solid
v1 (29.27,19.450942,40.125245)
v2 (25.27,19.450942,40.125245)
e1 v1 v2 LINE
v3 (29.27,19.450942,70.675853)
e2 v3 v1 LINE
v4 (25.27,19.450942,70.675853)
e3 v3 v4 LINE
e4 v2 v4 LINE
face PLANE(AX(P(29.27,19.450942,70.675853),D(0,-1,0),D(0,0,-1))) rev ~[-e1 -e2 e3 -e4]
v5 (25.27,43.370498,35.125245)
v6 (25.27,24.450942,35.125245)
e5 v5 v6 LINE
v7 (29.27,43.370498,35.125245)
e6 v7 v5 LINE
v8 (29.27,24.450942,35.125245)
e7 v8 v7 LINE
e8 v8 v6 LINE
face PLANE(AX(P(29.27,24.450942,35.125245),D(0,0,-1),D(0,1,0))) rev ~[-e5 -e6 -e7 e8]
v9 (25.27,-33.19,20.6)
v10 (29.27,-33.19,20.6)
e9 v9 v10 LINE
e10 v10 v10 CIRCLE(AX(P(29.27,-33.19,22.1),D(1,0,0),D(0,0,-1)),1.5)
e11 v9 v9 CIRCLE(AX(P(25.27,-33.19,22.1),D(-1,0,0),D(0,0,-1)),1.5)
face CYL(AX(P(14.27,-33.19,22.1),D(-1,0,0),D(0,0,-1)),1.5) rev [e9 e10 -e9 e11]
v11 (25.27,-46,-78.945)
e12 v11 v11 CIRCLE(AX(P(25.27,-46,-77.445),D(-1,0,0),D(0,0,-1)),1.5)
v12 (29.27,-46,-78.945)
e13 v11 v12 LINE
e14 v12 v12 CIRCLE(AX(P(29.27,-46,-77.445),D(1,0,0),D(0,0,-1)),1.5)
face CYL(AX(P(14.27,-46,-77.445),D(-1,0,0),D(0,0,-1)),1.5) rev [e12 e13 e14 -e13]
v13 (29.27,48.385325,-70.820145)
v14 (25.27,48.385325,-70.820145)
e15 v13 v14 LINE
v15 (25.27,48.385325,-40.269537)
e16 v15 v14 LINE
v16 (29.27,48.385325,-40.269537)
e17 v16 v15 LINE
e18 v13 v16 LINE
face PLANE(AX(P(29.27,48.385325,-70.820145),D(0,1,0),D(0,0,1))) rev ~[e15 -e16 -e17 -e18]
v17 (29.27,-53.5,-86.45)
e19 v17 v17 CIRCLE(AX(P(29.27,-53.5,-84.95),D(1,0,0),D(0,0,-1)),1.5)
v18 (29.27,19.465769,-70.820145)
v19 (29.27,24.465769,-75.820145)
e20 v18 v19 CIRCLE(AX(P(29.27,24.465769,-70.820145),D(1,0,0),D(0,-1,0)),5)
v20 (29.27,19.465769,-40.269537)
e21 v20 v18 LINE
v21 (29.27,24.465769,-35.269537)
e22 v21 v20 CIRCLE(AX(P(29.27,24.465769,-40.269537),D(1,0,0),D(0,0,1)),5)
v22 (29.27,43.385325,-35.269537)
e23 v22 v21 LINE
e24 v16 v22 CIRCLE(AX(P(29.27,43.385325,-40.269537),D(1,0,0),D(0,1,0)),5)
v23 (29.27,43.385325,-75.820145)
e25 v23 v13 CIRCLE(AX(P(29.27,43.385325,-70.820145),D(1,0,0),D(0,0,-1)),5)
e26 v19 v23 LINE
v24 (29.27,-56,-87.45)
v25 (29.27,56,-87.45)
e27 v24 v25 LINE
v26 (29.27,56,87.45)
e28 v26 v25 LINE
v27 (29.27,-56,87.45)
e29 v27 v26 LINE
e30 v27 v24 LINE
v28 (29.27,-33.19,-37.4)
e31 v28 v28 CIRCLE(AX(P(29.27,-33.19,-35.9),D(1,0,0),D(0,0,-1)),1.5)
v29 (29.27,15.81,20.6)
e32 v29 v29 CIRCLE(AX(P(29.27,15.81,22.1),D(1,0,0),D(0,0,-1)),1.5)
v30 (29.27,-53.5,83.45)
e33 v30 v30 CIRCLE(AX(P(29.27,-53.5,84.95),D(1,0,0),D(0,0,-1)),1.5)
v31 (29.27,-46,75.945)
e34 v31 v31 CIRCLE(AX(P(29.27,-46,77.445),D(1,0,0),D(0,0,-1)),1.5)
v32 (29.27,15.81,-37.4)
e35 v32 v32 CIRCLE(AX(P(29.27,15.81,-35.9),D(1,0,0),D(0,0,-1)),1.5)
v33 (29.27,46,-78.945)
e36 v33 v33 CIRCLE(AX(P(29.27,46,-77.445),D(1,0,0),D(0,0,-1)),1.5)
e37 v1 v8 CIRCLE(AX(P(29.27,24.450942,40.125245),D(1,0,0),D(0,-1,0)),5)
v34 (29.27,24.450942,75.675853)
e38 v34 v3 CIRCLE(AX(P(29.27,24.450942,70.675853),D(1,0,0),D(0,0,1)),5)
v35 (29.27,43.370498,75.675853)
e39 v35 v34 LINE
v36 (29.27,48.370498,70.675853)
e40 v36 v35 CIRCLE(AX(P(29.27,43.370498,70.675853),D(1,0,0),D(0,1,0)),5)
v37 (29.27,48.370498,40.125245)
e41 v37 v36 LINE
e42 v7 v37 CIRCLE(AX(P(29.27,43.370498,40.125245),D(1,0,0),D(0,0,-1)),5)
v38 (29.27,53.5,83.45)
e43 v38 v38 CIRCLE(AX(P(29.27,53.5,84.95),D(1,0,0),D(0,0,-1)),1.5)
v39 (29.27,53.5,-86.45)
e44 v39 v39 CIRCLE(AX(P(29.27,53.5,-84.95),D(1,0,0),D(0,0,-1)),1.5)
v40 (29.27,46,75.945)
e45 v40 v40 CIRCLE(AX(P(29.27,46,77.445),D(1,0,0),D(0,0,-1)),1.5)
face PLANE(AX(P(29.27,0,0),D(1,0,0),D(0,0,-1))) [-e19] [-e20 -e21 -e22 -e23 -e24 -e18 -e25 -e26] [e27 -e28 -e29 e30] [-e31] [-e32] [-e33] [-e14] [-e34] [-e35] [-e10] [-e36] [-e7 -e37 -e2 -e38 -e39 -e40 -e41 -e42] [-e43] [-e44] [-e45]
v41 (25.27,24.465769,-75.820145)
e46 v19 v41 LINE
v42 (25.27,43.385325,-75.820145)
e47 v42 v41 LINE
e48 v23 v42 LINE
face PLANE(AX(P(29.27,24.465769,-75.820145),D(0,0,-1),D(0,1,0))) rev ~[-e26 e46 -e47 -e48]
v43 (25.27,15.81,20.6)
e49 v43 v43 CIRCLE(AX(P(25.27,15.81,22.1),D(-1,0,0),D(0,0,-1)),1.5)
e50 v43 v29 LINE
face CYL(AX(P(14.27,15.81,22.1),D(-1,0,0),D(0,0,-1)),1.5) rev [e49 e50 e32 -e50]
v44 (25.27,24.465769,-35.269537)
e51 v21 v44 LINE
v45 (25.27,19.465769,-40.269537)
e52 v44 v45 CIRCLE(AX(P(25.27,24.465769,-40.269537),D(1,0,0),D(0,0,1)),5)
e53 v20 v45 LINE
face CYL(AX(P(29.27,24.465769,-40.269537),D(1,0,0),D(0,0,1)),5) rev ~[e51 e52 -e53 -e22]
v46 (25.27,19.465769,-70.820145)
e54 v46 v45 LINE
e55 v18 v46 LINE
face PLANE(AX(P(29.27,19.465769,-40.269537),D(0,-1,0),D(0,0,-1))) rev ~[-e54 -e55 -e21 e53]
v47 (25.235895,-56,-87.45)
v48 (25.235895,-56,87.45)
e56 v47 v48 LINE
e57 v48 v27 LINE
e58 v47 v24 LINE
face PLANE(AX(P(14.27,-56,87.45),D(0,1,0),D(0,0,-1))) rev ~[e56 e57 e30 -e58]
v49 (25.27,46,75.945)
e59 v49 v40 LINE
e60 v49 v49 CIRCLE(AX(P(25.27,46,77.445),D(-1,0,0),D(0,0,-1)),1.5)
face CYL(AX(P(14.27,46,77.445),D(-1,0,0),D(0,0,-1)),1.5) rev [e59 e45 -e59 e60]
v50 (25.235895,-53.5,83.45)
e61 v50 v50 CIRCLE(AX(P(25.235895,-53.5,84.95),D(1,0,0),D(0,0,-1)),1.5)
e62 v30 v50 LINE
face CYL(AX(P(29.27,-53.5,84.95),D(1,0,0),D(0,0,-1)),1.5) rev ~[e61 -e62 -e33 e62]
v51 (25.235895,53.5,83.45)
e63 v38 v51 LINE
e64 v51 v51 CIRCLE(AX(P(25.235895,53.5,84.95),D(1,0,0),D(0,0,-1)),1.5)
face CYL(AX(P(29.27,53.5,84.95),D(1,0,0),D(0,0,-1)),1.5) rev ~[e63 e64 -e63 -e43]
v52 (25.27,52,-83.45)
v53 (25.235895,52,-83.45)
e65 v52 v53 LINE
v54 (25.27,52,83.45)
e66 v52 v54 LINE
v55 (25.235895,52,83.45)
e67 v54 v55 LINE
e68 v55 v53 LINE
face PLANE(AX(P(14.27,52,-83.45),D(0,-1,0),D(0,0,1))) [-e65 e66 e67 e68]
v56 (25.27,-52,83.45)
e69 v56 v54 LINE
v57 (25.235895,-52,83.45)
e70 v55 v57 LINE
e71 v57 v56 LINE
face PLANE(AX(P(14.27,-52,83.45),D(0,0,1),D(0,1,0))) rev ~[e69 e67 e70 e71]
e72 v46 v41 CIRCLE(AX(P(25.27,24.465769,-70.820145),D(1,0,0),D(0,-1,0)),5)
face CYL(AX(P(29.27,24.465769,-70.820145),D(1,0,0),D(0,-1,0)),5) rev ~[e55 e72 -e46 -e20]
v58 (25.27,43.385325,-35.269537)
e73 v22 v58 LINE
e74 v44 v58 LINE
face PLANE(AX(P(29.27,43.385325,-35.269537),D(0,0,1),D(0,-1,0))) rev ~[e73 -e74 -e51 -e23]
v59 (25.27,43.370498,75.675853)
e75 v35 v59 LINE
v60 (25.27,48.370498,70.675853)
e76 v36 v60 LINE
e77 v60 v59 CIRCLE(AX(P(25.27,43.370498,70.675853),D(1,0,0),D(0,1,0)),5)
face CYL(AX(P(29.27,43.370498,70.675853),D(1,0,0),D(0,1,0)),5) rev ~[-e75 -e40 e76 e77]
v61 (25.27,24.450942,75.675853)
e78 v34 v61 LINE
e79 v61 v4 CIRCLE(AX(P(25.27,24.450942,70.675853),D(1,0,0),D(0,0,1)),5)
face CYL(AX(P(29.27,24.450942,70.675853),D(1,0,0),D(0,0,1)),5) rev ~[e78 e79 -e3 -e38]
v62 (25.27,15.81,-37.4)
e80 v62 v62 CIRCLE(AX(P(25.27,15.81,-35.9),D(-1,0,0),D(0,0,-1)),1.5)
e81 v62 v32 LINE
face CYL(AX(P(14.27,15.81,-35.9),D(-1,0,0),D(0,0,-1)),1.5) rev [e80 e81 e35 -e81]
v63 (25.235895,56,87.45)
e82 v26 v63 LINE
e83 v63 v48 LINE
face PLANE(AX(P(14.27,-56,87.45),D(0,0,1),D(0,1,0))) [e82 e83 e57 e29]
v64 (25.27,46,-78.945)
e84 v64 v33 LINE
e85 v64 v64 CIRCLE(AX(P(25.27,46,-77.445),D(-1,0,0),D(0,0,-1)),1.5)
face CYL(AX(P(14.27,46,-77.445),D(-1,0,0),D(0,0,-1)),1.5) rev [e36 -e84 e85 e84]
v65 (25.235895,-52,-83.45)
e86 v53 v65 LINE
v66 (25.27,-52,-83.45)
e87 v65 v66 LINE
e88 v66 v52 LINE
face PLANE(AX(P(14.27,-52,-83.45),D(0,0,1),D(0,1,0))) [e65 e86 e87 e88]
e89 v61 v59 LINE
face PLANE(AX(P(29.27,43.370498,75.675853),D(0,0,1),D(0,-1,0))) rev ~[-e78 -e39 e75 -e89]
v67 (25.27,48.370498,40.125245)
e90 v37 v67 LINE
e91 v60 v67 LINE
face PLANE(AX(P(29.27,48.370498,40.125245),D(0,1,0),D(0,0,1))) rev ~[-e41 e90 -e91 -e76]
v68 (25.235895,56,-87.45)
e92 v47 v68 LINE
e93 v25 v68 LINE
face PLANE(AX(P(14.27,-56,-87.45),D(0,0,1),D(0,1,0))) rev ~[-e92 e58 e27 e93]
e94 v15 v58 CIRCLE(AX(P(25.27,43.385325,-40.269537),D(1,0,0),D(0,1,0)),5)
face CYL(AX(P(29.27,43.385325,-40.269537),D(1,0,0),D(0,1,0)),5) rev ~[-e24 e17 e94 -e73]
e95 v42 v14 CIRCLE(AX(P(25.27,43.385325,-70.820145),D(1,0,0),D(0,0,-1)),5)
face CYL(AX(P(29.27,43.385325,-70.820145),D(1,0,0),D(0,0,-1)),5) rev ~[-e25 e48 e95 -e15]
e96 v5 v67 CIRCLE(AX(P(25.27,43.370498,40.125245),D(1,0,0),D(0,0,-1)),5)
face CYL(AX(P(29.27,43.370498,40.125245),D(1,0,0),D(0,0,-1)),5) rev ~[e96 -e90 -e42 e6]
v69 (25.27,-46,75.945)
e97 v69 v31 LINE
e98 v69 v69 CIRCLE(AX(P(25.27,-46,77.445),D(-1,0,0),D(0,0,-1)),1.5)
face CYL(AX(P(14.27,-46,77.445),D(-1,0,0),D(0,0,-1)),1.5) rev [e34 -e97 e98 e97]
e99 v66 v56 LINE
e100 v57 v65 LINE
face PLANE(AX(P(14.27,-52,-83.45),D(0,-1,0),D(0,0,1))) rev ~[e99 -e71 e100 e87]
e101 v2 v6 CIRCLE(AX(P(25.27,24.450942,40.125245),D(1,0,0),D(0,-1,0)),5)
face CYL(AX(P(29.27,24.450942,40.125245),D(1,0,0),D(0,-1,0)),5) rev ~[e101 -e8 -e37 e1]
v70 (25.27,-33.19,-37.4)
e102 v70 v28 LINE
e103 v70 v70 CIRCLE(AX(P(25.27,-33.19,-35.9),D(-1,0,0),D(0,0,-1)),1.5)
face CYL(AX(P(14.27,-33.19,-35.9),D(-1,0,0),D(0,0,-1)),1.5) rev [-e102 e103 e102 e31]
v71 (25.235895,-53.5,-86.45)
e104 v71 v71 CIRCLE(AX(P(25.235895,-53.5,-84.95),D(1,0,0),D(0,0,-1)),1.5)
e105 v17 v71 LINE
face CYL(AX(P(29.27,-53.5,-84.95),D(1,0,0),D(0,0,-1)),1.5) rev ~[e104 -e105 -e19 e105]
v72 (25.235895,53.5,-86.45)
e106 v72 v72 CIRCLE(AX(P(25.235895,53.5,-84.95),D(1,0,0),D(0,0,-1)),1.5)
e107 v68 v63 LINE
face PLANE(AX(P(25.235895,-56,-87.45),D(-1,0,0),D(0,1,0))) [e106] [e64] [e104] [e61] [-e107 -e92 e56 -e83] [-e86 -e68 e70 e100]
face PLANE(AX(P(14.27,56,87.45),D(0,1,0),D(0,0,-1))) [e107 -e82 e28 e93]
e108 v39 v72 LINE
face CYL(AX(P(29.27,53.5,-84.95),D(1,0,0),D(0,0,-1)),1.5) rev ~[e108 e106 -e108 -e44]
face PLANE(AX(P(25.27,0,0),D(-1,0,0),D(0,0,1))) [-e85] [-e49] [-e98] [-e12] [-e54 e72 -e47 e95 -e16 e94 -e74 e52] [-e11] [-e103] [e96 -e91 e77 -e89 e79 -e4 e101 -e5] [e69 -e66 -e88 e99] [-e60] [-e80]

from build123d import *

# Parameters (mm, degrees)
CROQUIS1_W              = 164.9
CROQUIS1_H              = 102
SALIENTE_EXTRUIR2_DEPTH = 14.27
CROQUIS2_W              = 174.9
CROQUIS2_H              = 112
CROQUIS2_W_2            = 166.9
CROQUIS2_H_2            = 104
SALIENTE_EXTRUIR3_DEPTH = 14.27
CROQUIS3_W              = 174.9
CROQUIS3_H              = 112
CROQUIS3_W_2            = 160.9
CROQUIS3_H_2            = 98.374406292
SALIENTE_EXTRUIR5_DEPTH = 1
CROQUIS4_W              = 164.9
CROQUIS4_H              = 102
CORTAR_EXTRUIR2_DEPTH   = 14.27
CROQUIS6_W              = 174.9
CROQUIS6_H              = 112
CROQUIS6_R              = 1.5
SALIENTE_EXTRUIR6_DEPTH = 15
CROQUIS8_W              = 160.9
CROQUIS8_H              = 98.374406292
CORTAR_EXTRUIR3_DEPTH   = 9
CROQUIS9_W              = 166.9
CROQUIS9_H              = 104
CORTAR_EXTRUIR5_DEPTH   = 11
CROQUIS15_W             = 6.3
CROQUIS15_H             = 15
CROQUIS15_W_2           = 3.5
CROQUIS15_H_2           = 7
CORTAR_EXTRUIR6_DEPTH   = 7
CORTAR_EXTRUIR7_DEPTH   = 7
CROQUIS17_R             = 4
CORTAR_EXTRUIR8_DEPTH   = 7
CROQUIS18_W             = 4
CROQUIS18_H             = 16
CORTAR_EXTRUIR9_DEPTH   = 7
CROQUIS21_R             = 1.5
CORTAR_EXTRUIR12_DEPTH  = 25.4
CROQUIS22_W             = 26.235894962
CROQUIS22_H             = 112
CORTAR_EXTRUIR14_DEPTH  = 200.4


with BuildPart() as part:
    # Croquis1 → Saliente-Extruir2 (new body)
    with BuildSketch(Plane(origin=(0, 0, 0), x_dir=(0, 0, -1), z_dir=(1, 0, 0))):
        Rectangle(CROQUIS1_W, CROQUIS1_H)
    extrude(amount=SALIENTE_EXTRUIR2_DEPTH)

    # Croquis4 → Cortar-Extruir2 (cut)
    with BuildSketch(Plane(origin=(14.27, 0, 0), x_dir=(0, 0, -1), z_dir=(1, 0, 0))):
        Rectangle(CROQUIS4_W, CROQUIS4_H)
    extrude(amount=-CORTAR_EXTRUIR2_DEPTH, mode=Mode.SUBTRACT)


with BuildPart() as body_2:
    # Croquis2 → Saliente-Extruir3 (new body)
    with BuildSketch(Plane(origin=(0, 0, 0), x_dir=(0, 0, -1), z_dir=(1, 0, 0))):
        Rectangle(CROQUIS2_W, CROQUIS2_H)
        Rectangle(CROQUIS2_W_2, CROQUIS2_H_2, mode=Mode.SUBTRACT)
    extrude(amount=SALIENTE_EXTRUIR3_DEPTH)

    # Croquis3 → Saliente-Extruir5 (add)
    with BuildSketch(Plane.ZY):
        Rectangle(CROQUIS3_W, CROQUIS3_H)
        with Locations((0, -0.062203146)):
            Rectangle(CROQUIS3_W_2, CROQUIS3_H_2, mode=Mode.SUBTRACT)
    extrude(amount=SALIENTE_EXTRUIR5_DEPTH)

    # Croquis6 → Saliente-Extruir6 (add)
    with BuildSketch(Plane(origin=(14.27, 0, 0), x_dir=(0, 0, -1), z_dir=(1, 0, 0))):
        Rectangle(CROQUIS6_W, CROQUIS6_H)
        with Locations((-77.445, 46)):
            Circle(CROQUIS6_R, mode=Mode.SUBTRACT)
        with Locations((-77.445, -46)):
            Circle(CROQUIS6_R, mode=Mode.SUBTRACT)
        with Locations((-22.1, 15.81)):
            Circle(CROQUIS6_R, mode=Mode.SUBTRACT)
        with Locations((35.9, 15.81)):
            Circle(CROQUIS6_R, mode=Mode.SUBTRACT)
        with Locations((-22.1, -33.19)):
            Circle(CROQUIS6_R, mode=Mode.SUBTRACT)
        with Locations((35.9, -33.19)):
            Circle(CROQUIS6_R, mode=Mode.SUBTRACT)
        with Locations((77.445, 46)):
            Circle(CROQUIS6_R, mode=Mode.SUBTRACT)
        with Locations((77.445, -46)):
            Circle(CROQUIS6_R, mode=Mode.SUBTRACT)
    extrude(amount=SALIENTE_EXTRUIR6_DEPTH)

    # Croquis8 → Cortar-Extruir3 (cut)
    with BuildSketch(Plane.ZY.offset(-14.27)):
        with Locations((0, -0.062203146)):
            Rectangle(CROQUIS8_W, CROQUIS8_H)
    extrude(amount=-CORTAR_EXTRUIR3_DEPTH, mode=Mode.SUBTRACT)

    # Croquis9 → Cortar-Extruir5 (cut)
    with BuildSketch(Plane.ZY.offset(-14.27)):
        Rectangle(CROQUIS9_W, CROQUIS9_H)
    extrude(amount=-CORTAR_EXTRUIR5_DEPTH, mode=Mode.SUBTRACT)

    # Croquis15 → Cortar-Extruir6 (cut)
    with BuildSketch(Plane.XY.offset(87.45)):
        with Locations((18.42, 9.417324545)):
            Rectangle(CROQUIS15_W, CROQUIS15_H)
        with Locations((17.02, -11.082675455)):
            Rectangle(CROQUIS15_W_2, CROQUIS15_H_2)
        with Locations((17.02, -29.082675455)):
            Rectangle(CROQUIS15_W_2, CROQUIS15_H_2)
    extrude(amount=-CORTAR_EXTRUIR6_DEPTH, mode=Mode.SUBTRACT)

    # Croquis16 → Cortar-Extruir7 (cut)
    with BuildSketch(Plane(origin=(29.27, 0, 0), x_dir=(0, 0, -1), z_dir=(1, 0, 0))):
        with BuildLine():
            Line((-70.67585332, 19.450942007), (-40.125245351, 19.450942007))
            ThreePointArc((-40.125245351, 19.450942007), (-36.589711445, 20.915408101), (-35.125245351, 24.450942007))
            Line((-35.125245351, 24.450942007), (-35.125245351, 43.370497663))
            ThreePointArc((-35.125245351, 43.370497663), (-36.589711445, 46.906031569), (-40.125245351, 48.370497663))
            Line((-40.125245351, 48.370497663), (-70.67585332, 48.370497663))
            ThreePointArc((-70.67585332, 48.370497663), (-74.211387226, 46.906031569), (-75.67585332, 43.370497663))
            Line((-75.67585332, 43.370497663), (-75.67585332, 24.450942007))
            ThreePointArc((-75.67585332, 24.450942007), (-74.211387226, 20.915408101), (-70.67585332, 19.450942007))
        make_face()
        with BuildLine():
            Line((40.269537366, 19.465768949), (70.820145334, 19.465768949))
            ThreePointArc((70.820145334, 19.465768949), (74.35567924, 20.930235043), (75.820145334, 24.465768949))
            Line((75.820145334, 24.465768949), (75.820145334, 43.385324606))
            ThreePointArc((75.820145334, 43.385324606), (74.35567924, 46.920858512), (70.820145334, 48.385324606))
            Line((70.820145334, 48.385324606), (40.269537366, 48.385324606))
            ThreePointArc((40.269537366, 48.385324606), (36.73400346, 46.920858512), (35.269537366, 43.385324606))
            Line((35.269537366, 43.385324606), (35.269537366, 24.465768949))
            ThreePointArc((35.269537366, 24.465768949), (36.73400346, 20.930235043), (40.269537366, 19.465768949))
        make_face()
    extrude(amount=-CORTAR_EXTRUIR7_DEPTH, mode=Mode.SUBTRACT)

    # Croquis17 → Cortar-Extruir8 (cut)
    with BuildSketch(Plane(origin=(0, 0, -87.45), x_dir=(-1, 0, 0), z_dir=(0, 0, -1))):
        with Locations(Location((-17.79171335, -27.901665979, 0), (0, 0, 90))):
            Circle(CROQUIS17_R)
    extrude(amount=-CORTAR_EXTRUIR8_DEPTH, mode=Mode.SUBTRACT)

    # Croquis18 → Cortar-Extruir9 (cut)
    with BuildSketch(Plane(origin=(0, 0, -87.45), x_dir=(-1, 0, 0), z_dir=(0, 0, -1))):
        with Locations((-17.27, -3.082675455)):
            Rectangle(CROQUIS18_W, CROQUIS18_H)
    extrude(amount=-CORTAR_EXTRUIR9_DEPTH, mode=Mode.SUBTRACT)

    # Croquis21 → Cortar-Extruir12 (cut)
    with BuildSketch(Plane(origin=(29.27, 0, 0), x_dir=(0, 0, -1), z_dir=(1, 0, 0))):
        with Locations((-84.95, 53.5)):
            Circle(CROQUIS21_R)
        with Locations((84.95, 53.5)):
            Circle(CROQUIS21_R)
        with Locations((84.95, -53.5)):
            Circle(CROQUIS21_R)
        with Locations((-84.95, -53.5)):
            Circle(CROQUIS21_R)
    extrude(amount=-CORTAR_EXTRUIR12_DEPTH, mode=Mode.SUBTRACT)

    # Croquis22 → Cortar-Extruir14 (cut)
    with BuildSketch(Plane(origin=(0, 0, -87.45), x_dir=(-1, 0, 0), z_dir=(0, 0, -1))):
        with Locations((-12.117947481, 0)):
            Rectangle(CROQUIS22_W, CROQUIS22_H)
    extrude(amount=-CORTAR_EXTRUIR14_DEPTH, mode=Mode.SUBTRACT)


solid = body_2.part
